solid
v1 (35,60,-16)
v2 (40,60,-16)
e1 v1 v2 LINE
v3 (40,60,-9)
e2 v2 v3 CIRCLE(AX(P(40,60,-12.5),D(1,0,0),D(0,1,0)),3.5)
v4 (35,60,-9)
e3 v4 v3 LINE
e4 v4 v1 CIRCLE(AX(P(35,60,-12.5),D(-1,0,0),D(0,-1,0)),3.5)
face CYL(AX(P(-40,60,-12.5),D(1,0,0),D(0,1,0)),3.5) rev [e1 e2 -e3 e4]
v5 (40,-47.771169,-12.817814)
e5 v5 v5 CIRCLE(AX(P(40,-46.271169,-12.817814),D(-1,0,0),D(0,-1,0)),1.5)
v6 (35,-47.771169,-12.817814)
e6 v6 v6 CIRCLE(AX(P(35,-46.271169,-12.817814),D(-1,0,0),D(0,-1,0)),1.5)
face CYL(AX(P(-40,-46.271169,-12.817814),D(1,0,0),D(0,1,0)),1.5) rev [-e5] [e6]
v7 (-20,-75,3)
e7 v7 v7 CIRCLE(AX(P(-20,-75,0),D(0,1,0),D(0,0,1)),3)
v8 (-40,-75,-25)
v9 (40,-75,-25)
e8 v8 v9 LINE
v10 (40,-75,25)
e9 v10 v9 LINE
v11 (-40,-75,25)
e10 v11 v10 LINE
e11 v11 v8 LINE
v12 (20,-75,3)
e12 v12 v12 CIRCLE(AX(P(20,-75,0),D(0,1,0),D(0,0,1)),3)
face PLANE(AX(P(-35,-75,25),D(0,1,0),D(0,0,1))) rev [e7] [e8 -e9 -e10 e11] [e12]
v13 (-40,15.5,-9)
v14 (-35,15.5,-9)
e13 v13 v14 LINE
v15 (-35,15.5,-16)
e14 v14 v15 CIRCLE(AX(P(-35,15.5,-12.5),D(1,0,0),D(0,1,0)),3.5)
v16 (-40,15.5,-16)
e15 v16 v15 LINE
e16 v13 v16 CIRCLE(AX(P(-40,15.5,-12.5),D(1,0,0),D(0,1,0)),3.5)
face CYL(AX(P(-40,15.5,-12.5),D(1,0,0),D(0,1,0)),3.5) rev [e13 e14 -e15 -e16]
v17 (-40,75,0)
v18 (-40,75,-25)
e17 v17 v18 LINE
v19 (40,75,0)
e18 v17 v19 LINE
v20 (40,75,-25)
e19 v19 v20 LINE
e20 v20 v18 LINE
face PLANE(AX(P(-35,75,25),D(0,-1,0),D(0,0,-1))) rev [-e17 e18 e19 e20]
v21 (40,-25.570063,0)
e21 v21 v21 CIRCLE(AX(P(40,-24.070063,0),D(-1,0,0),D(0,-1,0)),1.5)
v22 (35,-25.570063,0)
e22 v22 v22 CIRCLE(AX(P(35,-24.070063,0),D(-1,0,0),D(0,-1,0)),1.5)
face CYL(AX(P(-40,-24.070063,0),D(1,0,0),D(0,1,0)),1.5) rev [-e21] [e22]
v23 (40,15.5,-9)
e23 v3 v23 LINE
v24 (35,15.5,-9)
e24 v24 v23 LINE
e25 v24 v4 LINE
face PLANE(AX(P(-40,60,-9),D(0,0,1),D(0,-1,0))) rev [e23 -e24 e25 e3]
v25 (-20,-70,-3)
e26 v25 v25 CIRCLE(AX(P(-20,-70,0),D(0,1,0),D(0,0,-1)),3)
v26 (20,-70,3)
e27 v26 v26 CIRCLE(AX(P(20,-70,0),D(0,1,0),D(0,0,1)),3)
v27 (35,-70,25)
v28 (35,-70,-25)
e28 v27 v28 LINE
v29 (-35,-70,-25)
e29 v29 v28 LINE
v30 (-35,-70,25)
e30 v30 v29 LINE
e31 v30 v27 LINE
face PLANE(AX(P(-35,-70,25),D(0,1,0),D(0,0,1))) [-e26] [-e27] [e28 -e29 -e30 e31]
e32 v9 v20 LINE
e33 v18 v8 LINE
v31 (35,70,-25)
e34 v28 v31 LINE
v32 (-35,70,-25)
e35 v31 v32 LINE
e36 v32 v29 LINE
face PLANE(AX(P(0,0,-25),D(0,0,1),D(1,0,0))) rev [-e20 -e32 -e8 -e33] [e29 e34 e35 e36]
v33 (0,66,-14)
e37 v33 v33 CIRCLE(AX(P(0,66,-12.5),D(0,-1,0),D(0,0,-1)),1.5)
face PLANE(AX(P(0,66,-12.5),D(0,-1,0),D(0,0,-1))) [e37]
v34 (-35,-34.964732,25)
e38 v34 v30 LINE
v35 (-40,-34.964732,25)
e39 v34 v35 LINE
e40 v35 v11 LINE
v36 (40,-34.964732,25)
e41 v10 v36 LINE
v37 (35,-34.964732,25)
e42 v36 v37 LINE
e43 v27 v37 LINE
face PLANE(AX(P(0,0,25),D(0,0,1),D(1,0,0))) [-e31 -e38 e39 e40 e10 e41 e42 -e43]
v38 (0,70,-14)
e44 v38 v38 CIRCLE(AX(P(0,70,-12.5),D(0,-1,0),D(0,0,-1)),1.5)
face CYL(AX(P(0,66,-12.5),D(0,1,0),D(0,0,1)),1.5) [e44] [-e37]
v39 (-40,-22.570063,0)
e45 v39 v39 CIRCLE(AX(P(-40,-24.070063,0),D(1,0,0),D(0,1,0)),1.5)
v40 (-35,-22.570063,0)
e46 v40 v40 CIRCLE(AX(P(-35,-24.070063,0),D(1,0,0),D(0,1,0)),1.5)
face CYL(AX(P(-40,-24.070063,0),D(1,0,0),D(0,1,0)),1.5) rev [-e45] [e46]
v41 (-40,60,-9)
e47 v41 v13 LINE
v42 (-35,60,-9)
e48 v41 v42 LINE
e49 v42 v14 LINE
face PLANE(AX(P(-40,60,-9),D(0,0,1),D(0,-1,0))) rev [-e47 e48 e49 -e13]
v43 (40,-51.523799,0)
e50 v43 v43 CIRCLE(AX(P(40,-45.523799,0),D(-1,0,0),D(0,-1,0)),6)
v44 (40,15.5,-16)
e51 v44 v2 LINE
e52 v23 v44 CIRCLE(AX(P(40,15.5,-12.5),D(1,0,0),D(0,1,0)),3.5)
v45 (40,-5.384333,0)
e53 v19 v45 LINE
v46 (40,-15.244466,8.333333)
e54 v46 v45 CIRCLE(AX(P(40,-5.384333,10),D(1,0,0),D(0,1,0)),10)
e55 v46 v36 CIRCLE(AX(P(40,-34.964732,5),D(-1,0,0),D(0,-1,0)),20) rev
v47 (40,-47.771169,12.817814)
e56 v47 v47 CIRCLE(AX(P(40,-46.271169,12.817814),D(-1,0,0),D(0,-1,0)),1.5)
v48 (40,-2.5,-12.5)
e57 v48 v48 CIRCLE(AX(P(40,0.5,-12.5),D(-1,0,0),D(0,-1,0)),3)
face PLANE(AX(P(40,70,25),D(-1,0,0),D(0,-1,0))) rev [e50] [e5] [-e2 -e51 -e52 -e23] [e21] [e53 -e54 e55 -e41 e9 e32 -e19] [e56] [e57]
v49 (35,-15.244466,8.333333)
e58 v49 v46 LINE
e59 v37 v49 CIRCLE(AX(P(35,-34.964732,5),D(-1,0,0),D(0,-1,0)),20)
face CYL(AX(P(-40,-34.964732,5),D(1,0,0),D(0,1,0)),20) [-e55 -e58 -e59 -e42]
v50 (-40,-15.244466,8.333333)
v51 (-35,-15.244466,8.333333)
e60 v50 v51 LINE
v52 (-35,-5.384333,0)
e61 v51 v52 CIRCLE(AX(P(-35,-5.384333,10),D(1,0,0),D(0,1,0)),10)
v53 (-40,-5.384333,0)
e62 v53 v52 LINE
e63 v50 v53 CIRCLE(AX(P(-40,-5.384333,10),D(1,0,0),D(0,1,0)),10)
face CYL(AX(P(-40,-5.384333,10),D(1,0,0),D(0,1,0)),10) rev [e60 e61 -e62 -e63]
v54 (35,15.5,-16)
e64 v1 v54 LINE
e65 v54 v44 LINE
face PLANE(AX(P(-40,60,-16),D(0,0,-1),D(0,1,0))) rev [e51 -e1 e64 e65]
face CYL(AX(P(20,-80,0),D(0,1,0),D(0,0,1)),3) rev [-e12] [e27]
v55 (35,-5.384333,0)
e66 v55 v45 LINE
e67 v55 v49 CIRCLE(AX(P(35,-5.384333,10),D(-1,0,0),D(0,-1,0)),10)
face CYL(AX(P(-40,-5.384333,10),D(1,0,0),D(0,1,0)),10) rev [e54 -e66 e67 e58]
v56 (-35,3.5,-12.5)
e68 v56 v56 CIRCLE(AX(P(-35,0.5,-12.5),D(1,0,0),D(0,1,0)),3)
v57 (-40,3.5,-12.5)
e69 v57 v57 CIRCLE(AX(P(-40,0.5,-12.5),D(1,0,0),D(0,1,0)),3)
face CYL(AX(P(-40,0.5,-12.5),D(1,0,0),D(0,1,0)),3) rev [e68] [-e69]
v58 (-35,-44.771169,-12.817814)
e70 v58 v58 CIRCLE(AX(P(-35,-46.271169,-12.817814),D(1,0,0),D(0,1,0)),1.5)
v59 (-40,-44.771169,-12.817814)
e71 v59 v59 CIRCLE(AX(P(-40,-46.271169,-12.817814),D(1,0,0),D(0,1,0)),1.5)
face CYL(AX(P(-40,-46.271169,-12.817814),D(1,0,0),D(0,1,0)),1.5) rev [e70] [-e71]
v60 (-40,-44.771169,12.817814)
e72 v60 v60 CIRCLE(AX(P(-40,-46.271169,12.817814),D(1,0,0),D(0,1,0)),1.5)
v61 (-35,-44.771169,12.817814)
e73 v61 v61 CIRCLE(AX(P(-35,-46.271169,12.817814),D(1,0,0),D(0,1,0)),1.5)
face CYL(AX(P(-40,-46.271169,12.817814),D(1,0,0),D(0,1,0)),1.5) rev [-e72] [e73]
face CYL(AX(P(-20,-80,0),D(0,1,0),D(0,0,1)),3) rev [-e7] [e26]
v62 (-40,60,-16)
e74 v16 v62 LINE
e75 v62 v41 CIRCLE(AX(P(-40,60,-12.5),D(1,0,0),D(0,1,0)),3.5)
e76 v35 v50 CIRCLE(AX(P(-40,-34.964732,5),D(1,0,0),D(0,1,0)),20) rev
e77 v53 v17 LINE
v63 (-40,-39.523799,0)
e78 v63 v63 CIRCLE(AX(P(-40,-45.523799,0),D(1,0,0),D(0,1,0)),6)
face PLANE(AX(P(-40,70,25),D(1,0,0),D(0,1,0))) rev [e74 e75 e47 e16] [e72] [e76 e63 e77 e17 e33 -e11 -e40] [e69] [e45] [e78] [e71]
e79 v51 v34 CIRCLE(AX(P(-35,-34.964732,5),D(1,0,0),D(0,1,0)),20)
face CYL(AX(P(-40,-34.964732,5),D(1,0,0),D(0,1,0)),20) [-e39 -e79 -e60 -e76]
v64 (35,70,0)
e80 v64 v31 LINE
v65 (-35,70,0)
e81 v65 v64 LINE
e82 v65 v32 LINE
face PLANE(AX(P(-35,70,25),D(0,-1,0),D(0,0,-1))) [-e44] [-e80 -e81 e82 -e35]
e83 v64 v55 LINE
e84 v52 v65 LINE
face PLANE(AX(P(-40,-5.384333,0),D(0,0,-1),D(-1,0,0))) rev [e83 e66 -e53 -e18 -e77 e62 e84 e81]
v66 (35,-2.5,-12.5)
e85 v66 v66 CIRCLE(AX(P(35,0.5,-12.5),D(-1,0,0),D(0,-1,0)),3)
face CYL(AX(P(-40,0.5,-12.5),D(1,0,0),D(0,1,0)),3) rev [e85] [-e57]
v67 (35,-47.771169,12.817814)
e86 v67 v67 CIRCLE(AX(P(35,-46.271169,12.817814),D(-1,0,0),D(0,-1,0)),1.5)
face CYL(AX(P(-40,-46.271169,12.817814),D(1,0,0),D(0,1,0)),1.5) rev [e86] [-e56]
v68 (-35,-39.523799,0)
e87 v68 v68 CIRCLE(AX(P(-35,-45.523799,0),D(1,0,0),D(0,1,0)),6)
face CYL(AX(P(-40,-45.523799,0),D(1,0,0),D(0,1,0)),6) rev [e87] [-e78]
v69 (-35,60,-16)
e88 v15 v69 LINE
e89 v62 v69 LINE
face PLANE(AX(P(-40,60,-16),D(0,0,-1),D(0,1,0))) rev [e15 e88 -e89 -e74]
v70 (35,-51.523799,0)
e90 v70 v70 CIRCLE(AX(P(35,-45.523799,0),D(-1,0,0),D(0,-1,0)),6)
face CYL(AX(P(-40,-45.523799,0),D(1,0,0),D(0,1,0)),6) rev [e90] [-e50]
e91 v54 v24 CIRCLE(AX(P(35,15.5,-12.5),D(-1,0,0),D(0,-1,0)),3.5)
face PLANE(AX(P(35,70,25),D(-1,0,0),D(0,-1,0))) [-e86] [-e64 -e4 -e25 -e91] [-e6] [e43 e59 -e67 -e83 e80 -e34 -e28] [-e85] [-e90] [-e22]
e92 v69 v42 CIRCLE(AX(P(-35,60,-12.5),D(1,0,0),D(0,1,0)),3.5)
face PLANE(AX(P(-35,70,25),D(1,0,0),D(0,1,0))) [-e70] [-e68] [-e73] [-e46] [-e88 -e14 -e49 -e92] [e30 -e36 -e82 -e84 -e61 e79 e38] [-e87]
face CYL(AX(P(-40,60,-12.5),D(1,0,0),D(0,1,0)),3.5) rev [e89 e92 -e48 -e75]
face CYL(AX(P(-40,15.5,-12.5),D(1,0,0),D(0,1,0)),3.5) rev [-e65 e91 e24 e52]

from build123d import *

# Parameters (mm, degrees)
SKETCH1_W               = 80
SKETCH1_H               = 150
SKETCH1_W_2             = 70
SKETCH1_H_2             = 140
EXTRUDE_THIN1_DEPTH     = 25
CUT_EXTRUDE1_DEPTH      = 1
CUT_EXTRUDE1_DEPTH_BACK = 81
FILLET1_R               = 20
SKETCH3_R               = 3
SKETCH3_R_2             = 1.5
SKETCH3_R_3             = 6
CUT_EXTRUDE2_DEPTH      = 1.0000001
CUT_EXTRUDE2_DEPTH_BACK = 81.0000001
SKETCH5_R               = 1.5
BOSS_EXTRUDE1_DEPTH     = 4
SKETCH6_R               = 3
CUT_EXTRUDE3_DEPTH      = 10


with BuildPart() as part:
    # Sketch1 → Extrude-Thin1 (new body, symmetric)
    with BuildSketch(Plane.XY):
        Rectangle(SKETCH1_W, SKETCH1_H)
        Rectangle(SKETCH1_W_2, SKETCH1_H_2, mode=Mode.SUBTRACT)
    extrude(amount=EXTRUDE_THIN1_DEPTH, both=True)

    # Sketch2 → Cut-Extrude1 (cut, two sides)
    with BuildSketch(Plane(origin=(40, 0, 0), x_dir=(0, 0, -1), z_dir=(1, 0, 0))) as cut_extrude1_sk:
        with BuildLine():
            Line((-25, -15.384333338), (-10, -15.384333338))
            ThreePointArc((-10, -15.384333338), (-2.928932188, -12.45540115), (0, -5.384333338))
            Line((0, -5.384333338), (0, 75))
            Line((0, 75), (-25, 75))
            Line((-25, 75), (-25, -15.384333338))
        make_face()
    extrude(amount=CUT_EXTRUDE1_DEPTH, mode=Mode.SUBTRACT)
    extrude(cut_extrude1_sk.sketch, amount=-CUT_EXTRUDE1_DEPTH_BACK, mode=Mode.SUBTRACT)

    # Fillet1
    fillet1_edges = [part.edges().sort_by_distance(p)[0] for p in [
        (-37.5, -15.384333338, 25),
        (37.5, -15.384333338, 25),
    ]]
    fillet(fillet1_edges, radius=FILLET1_R)

    # Sketch3 → Cut-Extrude2 (cut, two sides)
    with BuildSketch(Plane(origin=(40, 0, 0), x_dir=(0, 0, -1), z_dir=(1, 0, 0))) as cut_extrude2_sk:
        with Locations((12.5, 0.5)):
            Circle(SKETCH3_R)
        with Locations((0, -24.070063275)):
            Circle(SKETCH3_R_2)
        with Locations((12.817814142, -46.271168612)):
            Circle(SKETCH3_R_2)
        with Locations((0, -45.523799356)):
            Circle(SKETCH3_R_3)
        with Locations((-12.817814142, -46.271168612)):
            Circle(SKETCH3_R_2)
        with BuildLine():
            Line((16, 60), (16, 15.5))
            ThreePointArc((16, 15.5), (12.5, 12), (9, 15.5))
            Line((9, 15.5), (9, 60))
            ThreePointArc((9, 60), (12.5, 63.5), (16, 60))
        make_face()
    extrude(amount=CUT_EXTRUDE2_DEPTH, mode=Mode.SUBTRACT)
    extrude(cut_extrude2_sk.sketch, amount=-CUT_EXTRUDE2_DEPTH_BACK, mode=Mode.SUBTRACT)

    # Sketch5 → Boss-Extrude1 (add)
    with BuildSketch(Plane.XZ.offset(-70)):
        with Locations((0, -12.5)):
            Circle(SKETCH5_R)
    extrude(amount=BOSS_EXTRUDE1_DEPTH)

    # Sketch6 → Cut-Extrude3 (cut)
    with BuildSketch(Plane(origin=(0, -70, 0), x_dir=(1, 0, 0), z_dir=(0, 1, 0))):
        with Locations((20, 0)):
            Circle(SKETCH6_R)
        with Locations((-20, 0)):
            Circle(SKETCH6_R)
    extrude(amount=-CUT_EXTRUDE3_DEPTH, mode=Mode.SUBTRACT)


solid = part.part
